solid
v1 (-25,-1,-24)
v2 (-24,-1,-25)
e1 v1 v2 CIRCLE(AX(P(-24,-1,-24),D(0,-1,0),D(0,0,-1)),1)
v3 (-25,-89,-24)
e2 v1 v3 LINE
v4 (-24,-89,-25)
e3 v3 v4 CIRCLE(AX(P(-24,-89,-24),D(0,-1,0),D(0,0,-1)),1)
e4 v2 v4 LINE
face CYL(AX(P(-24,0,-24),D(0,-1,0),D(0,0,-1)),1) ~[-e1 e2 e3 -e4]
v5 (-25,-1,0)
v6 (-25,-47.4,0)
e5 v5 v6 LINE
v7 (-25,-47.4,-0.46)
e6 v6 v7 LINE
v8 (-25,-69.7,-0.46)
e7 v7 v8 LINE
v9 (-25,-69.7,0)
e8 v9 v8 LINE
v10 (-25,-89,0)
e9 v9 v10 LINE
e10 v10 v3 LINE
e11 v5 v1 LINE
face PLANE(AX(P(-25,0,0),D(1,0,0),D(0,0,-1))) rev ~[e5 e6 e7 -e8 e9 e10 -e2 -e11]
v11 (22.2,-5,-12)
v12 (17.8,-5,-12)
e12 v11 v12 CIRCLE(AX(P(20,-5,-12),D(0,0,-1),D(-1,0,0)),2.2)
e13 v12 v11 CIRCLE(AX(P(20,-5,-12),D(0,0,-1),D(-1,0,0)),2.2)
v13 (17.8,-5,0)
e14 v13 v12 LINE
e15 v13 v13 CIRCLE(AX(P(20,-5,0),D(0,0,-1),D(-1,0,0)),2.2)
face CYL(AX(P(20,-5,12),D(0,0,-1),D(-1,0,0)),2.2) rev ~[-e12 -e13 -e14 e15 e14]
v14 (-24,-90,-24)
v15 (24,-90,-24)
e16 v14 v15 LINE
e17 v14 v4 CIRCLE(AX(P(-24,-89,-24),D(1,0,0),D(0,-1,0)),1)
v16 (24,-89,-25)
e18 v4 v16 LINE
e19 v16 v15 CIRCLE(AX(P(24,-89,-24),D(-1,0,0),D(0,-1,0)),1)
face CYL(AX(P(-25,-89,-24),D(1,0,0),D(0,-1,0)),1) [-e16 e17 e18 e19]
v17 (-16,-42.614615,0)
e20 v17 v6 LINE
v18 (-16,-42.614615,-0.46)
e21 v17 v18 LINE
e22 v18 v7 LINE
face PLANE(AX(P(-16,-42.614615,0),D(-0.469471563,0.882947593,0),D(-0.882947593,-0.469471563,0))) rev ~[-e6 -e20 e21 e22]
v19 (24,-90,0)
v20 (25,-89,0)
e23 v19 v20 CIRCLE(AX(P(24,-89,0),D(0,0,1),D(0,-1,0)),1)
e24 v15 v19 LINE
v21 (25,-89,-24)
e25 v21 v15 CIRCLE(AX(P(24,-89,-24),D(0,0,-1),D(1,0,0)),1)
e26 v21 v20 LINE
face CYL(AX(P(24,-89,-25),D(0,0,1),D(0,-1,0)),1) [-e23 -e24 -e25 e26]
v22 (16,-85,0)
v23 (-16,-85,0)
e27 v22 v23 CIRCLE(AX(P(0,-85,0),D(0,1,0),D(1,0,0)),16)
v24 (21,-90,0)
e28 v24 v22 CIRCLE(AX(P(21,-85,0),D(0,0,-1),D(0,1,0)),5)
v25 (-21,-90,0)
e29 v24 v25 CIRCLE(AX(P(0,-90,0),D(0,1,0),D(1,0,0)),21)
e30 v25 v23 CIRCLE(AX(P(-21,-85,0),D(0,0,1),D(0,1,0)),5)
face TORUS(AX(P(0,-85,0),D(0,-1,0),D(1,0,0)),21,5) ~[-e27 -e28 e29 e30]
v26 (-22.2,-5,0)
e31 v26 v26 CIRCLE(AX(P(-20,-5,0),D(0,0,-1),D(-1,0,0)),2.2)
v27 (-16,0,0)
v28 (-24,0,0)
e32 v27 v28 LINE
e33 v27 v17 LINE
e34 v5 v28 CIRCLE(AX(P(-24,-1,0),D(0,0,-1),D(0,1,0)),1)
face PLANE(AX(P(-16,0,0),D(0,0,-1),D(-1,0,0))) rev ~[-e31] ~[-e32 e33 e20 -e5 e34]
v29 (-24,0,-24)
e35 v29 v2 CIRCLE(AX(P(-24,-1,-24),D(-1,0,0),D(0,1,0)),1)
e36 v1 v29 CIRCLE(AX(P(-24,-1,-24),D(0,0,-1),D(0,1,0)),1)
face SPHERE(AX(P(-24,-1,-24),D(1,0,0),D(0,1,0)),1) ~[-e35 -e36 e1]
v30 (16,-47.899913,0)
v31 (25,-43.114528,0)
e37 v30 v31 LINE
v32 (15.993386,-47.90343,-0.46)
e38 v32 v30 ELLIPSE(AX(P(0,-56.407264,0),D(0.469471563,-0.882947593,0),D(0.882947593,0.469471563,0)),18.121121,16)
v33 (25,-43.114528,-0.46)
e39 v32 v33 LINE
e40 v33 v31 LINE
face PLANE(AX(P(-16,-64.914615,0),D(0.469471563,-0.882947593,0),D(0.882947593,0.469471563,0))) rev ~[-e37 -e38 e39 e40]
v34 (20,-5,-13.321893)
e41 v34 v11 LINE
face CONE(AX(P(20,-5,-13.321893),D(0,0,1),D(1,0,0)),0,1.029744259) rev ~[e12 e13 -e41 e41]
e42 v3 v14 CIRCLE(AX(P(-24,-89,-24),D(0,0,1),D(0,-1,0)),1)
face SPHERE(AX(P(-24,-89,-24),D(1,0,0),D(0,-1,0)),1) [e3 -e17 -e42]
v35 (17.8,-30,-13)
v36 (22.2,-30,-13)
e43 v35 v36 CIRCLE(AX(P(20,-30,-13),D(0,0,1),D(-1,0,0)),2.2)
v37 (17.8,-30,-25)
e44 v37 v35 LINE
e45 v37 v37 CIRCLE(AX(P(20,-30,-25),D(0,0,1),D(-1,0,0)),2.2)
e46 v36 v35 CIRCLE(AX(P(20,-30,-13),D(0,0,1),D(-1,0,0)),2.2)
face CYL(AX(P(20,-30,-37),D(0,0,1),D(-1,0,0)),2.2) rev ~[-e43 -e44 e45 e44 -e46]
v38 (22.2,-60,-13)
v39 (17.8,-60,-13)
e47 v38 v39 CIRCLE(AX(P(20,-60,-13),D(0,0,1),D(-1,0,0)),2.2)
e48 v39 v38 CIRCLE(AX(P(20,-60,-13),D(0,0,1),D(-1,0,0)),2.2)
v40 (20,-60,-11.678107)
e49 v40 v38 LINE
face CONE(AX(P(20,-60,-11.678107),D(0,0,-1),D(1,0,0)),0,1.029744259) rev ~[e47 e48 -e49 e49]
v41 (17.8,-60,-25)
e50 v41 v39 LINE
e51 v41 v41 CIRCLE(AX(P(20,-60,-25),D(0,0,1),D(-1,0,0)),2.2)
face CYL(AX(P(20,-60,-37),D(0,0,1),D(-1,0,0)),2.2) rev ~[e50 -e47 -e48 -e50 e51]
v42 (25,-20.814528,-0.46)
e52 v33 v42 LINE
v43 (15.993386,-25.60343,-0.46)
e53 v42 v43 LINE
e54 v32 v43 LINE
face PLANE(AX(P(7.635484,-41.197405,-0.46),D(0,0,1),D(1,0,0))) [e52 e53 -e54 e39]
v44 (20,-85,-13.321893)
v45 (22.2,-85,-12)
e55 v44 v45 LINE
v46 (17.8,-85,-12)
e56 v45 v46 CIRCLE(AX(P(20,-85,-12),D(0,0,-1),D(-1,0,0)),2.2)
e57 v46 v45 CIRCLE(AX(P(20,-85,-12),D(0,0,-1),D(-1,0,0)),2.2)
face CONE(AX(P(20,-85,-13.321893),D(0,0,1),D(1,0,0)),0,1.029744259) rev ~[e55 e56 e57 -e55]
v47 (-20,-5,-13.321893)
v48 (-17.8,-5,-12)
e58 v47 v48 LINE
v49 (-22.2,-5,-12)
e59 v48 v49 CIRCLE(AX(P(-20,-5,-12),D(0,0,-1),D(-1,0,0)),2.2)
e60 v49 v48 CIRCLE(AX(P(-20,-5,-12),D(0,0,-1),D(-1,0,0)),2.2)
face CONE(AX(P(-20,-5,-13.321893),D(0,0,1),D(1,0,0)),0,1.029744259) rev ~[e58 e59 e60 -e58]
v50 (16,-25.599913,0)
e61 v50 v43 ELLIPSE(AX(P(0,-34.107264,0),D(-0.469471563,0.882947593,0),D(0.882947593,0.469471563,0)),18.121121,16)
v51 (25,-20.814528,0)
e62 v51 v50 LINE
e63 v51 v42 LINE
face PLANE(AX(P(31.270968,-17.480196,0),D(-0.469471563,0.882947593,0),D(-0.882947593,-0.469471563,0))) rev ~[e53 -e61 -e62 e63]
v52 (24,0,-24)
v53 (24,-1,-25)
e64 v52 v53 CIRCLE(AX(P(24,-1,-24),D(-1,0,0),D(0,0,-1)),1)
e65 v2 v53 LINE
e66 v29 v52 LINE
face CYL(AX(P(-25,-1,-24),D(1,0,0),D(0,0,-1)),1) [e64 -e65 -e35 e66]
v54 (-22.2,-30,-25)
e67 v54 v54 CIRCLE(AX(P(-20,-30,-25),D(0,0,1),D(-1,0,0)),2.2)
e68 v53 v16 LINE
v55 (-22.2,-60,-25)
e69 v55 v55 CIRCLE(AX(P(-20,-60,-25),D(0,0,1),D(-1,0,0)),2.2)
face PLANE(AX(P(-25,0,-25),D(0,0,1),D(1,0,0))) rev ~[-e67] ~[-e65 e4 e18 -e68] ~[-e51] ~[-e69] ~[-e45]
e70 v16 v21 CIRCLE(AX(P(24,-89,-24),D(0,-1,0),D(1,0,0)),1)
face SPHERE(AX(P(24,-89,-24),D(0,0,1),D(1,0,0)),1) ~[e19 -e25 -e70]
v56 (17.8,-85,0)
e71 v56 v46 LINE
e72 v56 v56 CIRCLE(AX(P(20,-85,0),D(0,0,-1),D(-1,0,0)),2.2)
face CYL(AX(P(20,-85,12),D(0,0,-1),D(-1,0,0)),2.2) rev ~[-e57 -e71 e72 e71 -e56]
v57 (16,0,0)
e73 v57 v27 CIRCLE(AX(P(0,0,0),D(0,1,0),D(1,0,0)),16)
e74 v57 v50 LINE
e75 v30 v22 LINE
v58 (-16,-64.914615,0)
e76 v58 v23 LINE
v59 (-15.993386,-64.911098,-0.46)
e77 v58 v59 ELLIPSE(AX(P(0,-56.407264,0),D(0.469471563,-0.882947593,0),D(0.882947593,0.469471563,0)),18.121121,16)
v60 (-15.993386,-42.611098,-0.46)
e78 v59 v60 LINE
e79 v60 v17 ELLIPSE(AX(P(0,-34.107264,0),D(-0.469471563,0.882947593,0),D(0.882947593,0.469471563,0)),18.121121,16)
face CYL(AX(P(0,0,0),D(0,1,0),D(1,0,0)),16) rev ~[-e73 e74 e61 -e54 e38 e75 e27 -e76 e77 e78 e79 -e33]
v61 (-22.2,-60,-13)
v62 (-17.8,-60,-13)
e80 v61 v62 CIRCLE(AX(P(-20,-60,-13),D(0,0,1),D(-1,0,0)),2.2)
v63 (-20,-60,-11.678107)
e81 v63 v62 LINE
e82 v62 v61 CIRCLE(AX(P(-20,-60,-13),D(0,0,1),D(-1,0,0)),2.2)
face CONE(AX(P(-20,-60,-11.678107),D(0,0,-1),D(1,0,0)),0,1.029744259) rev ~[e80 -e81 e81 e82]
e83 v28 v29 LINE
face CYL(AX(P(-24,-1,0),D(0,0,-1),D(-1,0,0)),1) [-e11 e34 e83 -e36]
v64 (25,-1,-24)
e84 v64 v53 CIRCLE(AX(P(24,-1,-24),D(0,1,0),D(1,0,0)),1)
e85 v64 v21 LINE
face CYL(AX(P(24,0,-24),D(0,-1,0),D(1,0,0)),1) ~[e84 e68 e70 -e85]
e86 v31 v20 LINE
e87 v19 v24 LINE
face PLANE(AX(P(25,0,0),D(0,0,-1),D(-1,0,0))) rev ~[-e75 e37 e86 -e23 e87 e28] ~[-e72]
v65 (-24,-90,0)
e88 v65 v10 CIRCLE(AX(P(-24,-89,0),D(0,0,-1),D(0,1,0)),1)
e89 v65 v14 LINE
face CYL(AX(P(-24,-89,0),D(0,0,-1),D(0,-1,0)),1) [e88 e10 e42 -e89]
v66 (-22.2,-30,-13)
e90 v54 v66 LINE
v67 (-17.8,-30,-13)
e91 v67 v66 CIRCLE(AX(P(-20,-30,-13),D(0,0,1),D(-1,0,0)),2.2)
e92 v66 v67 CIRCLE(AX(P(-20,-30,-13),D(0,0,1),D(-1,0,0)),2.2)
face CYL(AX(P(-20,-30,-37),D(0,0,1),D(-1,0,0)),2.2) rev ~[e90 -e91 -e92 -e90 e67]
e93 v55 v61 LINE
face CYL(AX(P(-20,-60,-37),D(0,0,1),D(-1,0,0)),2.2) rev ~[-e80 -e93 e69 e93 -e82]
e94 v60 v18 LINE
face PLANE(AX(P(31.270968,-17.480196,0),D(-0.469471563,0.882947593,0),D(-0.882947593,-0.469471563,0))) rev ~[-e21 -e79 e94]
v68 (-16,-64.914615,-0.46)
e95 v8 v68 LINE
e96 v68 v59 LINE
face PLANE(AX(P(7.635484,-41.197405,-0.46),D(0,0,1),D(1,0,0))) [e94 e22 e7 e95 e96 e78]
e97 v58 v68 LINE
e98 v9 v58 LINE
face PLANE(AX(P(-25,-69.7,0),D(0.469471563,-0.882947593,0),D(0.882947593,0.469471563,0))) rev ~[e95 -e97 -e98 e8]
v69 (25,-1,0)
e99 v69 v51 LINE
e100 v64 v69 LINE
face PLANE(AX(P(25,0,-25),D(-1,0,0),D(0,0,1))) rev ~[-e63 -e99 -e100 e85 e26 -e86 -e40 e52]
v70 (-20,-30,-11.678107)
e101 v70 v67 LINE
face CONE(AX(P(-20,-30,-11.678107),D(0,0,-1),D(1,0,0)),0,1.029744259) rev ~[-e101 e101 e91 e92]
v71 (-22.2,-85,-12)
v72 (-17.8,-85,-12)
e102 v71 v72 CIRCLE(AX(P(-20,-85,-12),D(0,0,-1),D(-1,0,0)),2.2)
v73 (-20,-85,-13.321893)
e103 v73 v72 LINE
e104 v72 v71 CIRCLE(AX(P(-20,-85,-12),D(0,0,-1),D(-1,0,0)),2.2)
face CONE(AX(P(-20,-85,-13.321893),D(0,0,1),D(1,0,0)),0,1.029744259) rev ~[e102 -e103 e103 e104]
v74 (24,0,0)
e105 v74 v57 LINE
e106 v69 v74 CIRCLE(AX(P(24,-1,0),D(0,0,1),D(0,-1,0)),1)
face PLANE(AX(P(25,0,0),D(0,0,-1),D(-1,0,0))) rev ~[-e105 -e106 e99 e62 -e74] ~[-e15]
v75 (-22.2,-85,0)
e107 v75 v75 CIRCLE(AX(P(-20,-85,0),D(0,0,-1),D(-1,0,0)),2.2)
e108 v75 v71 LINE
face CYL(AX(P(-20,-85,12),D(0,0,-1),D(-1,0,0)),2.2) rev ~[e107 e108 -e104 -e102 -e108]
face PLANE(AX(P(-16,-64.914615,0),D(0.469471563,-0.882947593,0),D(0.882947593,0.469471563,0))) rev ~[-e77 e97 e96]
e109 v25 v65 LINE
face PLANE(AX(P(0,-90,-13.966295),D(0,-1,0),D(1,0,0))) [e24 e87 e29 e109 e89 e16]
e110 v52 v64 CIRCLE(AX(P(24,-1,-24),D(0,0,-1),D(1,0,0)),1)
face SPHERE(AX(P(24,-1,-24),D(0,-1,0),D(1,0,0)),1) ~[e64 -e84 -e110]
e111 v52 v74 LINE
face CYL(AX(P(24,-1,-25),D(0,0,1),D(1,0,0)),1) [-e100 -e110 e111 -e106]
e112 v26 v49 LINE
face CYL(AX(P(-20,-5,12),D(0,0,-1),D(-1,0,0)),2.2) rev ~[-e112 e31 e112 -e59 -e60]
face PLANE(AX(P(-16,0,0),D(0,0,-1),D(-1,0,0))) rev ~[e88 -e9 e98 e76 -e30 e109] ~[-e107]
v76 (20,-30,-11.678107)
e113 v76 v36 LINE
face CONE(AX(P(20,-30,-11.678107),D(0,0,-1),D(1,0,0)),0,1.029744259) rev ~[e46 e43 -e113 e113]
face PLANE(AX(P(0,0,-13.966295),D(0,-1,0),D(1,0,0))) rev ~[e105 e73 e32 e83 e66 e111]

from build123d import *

# Parameters (mm, degrees)
F1_DEPTH = 90
F3_D     = 4.4
F3_DEPTH = 12
F3_TIP   = 1.3218933619
F4_R     = 5
F6_DEPTH = 0.46
F7_R     = 1
F9_D     = 4.4
F9_DEPTH = 12
F9_TIP   = 1.3218933619


with BuildPart() as f1:
    # F0 (on Front) → F1 (new body)
    with BuildSketch(Plane.XZ):
        with BuildLine():
            Line((-25, -25), (25, -25))
            Line((25, -25), (25, 0))
            Line((25, 0), (16, 0))
            ThreePointArc((16, 0), (0, -16), (-16, 0))
            Line((-16, 0), (-25, 0))
            Line((-25, 0), (-25, -25))
        make_face()
    extrude(amount=F1_DEPTH)

    # F3
    with Locations(Plane.XY):
        with Locations((-20, -5), (20, -5), (20, -85), (-20, -85)):
            Hole(F3_D / 2, depth=F3_DEPTH)
            with Locations((0, 0, -(F3_DEPTH + F3_TIP / 2))):  # 118° drill point
                Cone(0, F3_D / 2, F3_TIP, mode=Mode.SUBTRACT)

    # F4
    f4_edges = [f1.edges().sort_by_distance(p)[0] for p in [
        (0, -90, -16),
    ]]
    fillet(f4_edges, radius=F4_R)

    # F5 (on face) → F6 (cut)
    with BuildSketch(Plane.XY):
        Polygon((-16, -42.614615115), (-16, -64.914615115), (31.2709680734, -39.7801955466), (31.2709680734, -17.4801955466), align=None)
        Polygon((-25, -47.4), (-25, -69.7), (-16, -64.914615115), (-16, -42.614615115), align=None)
    extrude(amount=-F6_DEPTH, mode=Mode.SUBTRACT)

    # F7
    f7_edges = [f1.edges().sort_by_distance(p)[0] for p in [
        (25, -90, -12.5),
        (25, -45, -25),
        (25, 0, -12.5),
        (0, -90, -25),
        (-25, -90, -12.5),
        (0, 0, -25),
        (-25, 0, -12.5),
        (-25, -45, -25),
    ]]
    fillet(f7_edges, radius=F7_R)

    # F9
    with Locations(Plane(origin=(0, 0, -25), x_dir=(1, 0, 0), z_dir=(0, 0, -1))):
        with Locations((20, 30), (-20, 30), (-20, 60), (20, 60)):
            Hole(F9_D / 2, depth=F9_DEPTH)
            with Locations((0, 0, -(F9_DEPTH + F9_TIP / 2))):  # 118° drill point
                Cone(0, F9_D / 2, F9_TIP, mode=Mode.SUBTRACT)


solid = f1.part
